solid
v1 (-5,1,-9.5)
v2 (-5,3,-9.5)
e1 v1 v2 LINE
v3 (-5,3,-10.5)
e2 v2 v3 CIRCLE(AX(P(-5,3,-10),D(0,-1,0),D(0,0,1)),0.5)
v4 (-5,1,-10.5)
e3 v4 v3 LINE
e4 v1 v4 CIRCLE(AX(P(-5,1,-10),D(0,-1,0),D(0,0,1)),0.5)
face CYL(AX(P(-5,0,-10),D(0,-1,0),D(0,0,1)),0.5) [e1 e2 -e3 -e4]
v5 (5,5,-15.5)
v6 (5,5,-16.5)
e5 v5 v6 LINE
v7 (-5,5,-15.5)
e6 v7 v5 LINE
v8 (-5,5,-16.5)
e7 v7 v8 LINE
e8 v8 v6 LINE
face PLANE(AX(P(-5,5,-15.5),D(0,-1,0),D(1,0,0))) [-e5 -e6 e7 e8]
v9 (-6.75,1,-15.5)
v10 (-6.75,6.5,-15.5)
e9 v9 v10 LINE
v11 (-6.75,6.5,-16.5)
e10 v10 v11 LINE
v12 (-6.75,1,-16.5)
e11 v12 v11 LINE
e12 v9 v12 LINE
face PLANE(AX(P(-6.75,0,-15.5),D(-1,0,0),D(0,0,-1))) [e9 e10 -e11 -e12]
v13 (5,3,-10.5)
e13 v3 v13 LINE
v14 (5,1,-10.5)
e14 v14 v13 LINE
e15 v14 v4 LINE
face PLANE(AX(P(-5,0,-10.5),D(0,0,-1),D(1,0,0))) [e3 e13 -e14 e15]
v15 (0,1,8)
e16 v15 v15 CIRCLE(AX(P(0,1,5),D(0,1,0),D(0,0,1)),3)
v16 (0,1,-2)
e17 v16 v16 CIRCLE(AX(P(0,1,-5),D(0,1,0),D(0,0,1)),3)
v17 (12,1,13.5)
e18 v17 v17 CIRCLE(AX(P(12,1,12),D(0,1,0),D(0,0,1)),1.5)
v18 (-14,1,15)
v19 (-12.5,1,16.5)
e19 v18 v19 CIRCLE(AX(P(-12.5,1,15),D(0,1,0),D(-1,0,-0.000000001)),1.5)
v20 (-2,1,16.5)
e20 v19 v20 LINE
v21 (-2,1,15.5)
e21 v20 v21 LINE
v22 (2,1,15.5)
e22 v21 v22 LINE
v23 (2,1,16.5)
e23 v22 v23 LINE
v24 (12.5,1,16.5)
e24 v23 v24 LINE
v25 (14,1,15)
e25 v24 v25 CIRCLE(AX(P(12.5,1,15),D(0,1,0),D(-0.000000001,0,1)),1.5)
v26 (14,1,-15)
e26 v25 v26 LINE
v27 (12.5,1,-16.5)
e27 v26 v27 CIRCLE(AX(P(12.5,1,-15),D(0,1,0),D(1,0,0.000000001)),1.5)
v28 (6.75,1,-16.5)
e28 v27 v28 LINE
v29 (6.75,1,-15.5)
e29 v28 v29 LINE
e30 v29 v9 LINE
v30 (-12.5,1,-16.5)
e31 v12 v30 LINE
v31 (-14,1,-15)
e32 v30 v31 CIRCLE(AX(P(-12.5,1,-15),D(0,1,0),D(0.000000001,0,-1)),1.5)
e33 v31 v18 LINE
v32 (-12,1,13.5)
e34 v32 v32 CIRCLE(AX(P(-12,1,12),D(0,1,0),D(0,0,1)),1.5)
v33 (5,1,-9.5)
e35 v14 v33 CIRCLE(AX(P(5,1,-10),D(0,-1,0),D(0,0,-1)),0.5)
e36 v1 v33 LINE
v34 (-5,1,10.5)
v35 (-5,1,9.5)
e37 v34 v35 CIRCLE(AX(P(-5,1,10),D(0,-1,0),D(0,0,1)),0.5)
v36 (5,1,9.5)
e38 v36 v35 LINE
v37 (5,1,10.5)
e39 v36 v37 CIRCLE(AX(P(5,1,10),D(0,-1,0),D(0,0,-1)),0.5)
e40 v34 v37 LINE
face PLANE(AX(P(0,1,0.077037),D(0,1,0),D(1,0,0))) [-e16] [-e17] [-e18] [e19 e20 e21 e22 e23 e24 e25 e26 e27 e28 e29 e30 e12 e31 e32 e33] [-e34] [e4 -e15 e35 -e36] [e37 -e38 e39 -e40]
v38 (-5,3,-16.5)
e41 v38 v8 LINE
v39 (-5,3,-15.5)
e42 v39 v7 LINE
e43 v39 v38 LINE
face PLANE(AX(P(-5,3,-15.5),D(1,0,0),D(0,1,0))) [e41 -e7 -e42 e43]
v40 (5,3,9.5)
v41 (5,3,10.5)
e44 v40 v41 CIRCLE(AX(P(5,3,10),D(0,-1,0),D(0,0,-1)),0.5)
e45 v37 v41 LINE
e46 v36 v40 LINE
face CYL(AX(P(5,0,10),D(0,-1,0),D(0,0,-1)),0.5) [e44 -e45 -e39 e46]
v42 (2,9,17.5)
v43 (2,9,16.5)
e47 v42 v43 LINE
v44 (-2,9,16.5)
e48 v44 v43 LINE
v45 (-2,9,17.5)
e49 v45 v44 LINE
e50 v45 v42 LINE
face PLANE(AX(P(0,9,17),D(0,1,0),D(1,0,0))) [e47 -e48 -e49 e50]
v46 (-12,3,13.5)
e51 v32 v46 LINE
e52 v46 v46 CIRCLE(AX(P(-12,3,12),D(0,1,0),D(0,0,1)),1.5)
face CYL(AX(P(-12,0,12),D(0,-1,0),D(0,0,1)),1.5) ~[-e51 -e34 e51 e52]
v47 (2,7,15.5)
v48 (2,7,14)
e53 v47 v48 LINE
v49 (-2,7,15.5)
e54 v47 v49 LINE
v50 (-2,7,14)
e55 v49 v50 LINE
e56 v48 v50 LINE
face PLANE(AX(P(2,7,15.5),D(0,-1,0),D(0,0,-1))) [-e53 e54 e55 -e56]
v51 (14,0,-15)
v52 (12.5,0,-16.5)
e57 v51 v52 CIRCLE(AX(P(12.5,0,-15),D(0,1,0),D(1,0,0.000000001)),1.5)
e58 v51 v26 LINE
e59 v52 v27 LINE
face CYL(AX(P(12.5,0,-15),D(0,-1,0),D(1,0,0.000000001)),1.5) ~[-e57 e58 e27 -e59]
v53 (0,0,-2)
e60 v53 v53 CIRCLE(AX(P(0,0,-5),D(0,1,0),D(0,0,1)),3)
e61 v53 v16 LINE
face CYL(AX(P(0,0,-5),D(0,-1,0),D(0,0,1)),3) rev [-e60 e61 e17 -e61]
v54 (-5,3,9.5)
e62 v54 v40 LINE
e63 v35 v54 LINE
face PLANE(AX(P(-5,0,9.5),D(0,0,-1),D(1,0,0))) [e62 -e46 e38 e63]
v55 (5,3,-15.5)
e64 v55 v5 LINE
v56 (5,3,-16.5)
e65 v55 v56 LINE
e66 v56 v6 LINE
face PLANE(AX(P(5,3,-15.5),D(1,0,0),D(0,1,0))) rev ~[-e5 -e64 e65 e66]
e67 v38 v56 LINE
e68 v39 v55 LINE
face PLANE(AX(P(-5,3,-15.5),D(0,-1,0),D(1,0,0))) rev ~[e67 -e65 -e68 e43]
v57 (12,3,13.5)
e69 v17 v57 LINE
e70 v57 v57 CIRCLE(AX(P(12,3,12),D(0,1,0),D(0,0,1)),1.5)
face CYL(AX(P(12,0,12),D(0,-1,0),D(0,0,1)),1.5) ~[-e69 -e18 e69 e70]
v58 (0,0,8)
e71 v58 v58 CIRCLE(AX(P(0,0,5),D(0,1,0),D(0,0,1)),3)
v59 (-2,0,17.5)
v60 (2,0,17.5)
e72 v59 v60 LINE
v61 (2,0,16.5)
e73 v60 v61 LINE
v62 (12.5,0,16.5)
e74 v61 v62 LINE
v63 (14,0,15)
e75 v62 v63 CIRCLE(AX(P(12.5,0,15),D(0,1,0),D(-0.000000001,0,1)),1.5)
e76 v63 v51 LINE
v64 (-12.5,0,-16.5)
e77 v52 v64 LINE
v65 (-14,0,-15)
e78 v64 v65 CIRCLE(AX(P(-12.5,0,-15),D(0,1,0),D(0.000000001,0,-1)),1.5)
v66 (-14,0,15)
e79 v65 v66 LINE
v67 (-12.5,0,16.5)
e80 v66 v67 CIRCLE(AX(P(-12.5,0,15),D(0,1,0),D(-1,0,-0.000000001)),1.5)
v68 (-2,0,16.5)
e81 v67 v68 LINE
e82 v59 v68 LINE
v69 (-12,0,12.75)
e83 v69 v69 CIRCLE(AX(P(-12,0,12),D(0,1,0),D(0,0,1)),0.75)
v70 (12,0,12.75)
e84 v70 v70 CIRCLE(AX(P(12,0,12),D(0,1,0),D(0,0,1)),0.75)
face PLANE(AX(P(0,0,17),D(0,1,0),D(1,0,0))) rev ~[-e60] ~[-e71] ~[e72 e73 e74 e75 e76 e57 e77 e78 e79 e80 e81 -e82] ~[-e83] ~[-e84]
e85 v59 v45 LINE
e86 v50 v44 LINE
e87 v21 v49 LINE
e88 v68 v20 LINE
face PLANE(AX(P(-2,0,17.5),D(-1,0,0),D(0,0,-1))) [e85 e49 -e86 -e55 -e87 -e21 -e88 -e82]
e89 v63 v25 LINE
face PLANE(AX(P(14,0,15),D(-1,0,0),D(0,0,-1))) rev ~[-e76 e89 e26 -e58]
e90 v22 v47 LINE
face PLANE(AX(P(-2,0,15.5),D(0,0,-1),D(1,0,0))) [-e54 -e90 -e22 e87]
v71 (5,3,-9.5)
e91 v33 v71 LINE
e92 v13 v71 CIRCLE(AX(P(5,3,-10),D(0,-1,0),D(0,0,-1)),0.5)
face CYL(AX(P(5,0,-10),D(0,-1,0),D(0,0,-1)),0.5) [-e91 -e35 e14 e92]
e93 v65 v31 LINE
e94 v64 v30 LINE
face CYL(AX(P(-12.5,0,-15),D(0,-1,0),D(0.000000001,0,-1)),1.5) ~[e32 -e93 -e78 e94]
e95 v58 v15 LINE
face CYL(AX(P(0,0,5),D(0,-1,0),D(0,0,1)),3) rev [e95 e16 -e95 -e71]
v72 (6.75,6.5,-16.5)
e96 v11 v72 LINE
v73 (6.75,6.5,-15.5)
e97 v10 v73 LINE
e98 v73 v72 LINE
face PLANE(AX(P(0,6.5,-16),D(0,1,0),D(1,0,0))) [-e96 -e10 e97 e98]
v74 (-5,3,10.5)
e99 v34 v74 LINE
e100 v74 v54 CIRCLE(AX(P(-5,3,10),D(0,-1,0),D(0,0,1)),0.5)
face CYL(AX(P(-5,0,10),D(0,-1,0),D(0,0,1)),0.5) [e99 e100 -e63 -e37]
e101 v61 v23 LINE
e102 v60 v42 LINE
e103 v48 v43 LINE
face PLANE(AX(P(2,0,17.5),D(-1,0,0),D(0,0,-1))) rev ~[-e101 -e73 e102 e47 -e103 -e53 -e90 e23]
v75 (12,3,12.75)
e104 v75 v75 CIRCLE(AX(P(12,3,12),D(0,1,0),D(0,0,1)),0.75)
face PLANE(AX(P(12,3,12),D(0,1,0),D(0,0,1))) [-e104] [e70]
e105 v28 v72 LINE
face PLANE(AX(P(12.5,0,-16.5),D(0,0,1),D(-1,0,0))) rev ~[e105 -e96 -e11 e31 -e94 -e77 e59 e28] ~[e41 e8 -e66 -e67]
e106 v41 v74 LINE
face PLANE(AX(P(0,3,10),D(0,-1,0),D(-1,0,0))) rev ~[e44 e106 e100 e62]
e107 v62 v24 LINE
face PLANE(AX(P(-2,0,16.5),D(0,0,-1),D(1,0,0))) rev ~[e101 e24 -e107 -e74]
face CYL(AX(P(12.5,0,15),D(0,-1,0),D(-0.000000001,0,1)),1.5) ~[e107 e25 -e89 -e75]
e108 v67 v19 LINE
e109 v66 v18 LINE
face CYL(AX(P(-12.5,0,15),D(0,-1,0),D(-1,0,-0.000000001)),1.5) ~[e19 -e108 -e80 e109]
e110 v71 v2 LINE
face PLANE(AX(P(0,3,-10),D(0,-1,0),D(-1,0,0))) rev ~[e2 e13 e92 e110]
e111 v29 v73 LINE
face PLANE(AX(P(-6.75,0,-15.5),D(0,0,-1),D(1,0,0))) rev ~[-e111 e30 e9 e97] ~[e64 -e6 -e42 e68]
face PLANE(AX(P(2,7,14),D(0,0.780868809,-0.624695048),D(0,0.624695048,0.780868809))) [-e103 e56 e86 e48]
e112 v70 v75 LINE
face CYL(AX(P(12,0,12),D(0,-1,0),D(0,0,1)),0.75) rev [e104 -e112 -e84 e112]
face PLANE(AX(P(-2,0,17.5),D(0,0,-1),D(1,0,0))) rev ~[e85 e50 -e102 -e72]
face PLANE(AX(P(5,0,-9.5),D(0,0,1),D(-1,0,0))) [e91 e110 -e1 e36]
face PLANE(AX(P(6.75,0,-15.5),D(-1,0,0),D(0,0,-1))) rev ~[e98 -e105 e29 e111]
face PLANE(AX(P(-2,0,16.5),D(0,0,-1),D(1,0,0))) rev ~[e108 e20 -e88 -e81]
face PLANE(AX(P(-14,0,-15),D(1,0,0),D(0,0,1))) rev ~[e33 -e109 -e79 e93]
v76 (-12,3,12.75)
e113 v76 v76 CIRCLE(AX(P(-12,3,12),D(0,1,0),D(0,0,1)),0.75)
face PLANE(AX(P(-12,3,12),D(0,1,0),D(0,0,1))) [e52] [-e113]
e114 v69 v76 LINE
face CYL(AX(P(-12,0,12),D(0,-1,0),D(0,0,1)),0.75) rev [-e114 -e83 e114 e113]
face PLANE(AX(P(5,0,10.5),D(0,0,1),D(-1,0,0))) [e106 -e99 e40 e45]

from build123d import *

# Parameters (mm, degrees)
BASE_4_R              = 1.5
BASE_4_R_2            = 0.75
BOSS_EXTRUDE5_DEPTH   = 3
BOSS_EXTRUDE5_2_DEPTH = 3
BASE_W                = 13.5
BASE_H                = 1
BOSS_EXTRUDE7_DEPTH   = 6.5
BASE_7_R              = 1.5
BASE_7_R_2            = 3
BOSS_EXTRUDE8_DEPTH   = 1
BOSS_EXTRUDE9_DEPTH   = 3
SLIT_W                = 10
SLIT_H                = 2
CUT_EXTRUDE2_DEPTH    = 6.5
BASE_13_W             = 4
BASE_13_H             = 1
BOSS_EXTRUDE12_DEPTH  = 9
BOSS_EXTRUDE13_DEPTH  = 4
CUT_EXTRUDE3_DEPTH    = 4
BASE_14_W             = 4
BASE_14_H             = 1
BOSS_EXTRUDE14_DEPTH  = 9


with BuildPart() as part:
    # Base<4> → Boss-Extrude5 (new body)
    with BuildSketch(Plane(origin=(0, 0, 0), x_dir=(1, 0, 0), z_dir=(0, 1, 0))):
        with Locations((-12, -12)):
            Circle(BASE_4_R)
        with Locations((-12, -12)):
            Circle(BASE_4_R_2, mode=Mode.SUBTRACT)
    extrude(amount=BOSS_EXTRUDE5_DEPTH)



with BuildPart() as body_2:
    # Base<4> → Boss-Extrude5 2 (new body)
    with BuildSketch(Plane(origin=(0, 0, 0), x_dir=(1, 0, 0), z_dir=(0, 1, 0))):
        with Locations((12, -12)):
            Circle(BASE_4_R)
        with Locations((12, -12)):
            Circle(BASE_4_R_2, mode=Mode.SUBTRACT)
    extrude(amount=BOSS_EXTRUDE5_2_DEPTH)


with BuildPart() as body_3:
    # Base → Boss-Extrude7 (new body)
    with BuildSketch(Plane(origin=(0, 0, 0), x_dir=(1, 0, 0), z_dir=(0, 1, 0))):
        with Locations((0, 16)):
            Rectangle(BASE_W, BASE_H)
    extrude(amount=BOSS_EXTRUDE7_DEPTH)


with BuildPart() as part_1:
    add(part.part)

    add(body_2.part)  # Boss-Extrude8 merges body 2

    add(body_3.part)  # Boss-Extrude8 merges body 3
    # Base<7> → Boss-Extrude8 (add)
    with BuildSketch(Plane(origin=(0, 0, 0), x_dir=(1, 0, 0), z_dir=(0, 1, 0))):
        with BuildLine():
            ThreePointArc((14, 15), (13.560660172, 16.060660172), (12.5, 16.5))
            Line((12.5, 16.5), (6.75, 16.5))
            Line((6.75, 16.5), (6.75, 15.5))
            Line((6.75, 15.5), (-6.75, 15.5))
            Line((-6.75, 15.5), (-6.75, 16.5))
            Line((-6.75, 16.5), (-12.5, 16.5))
            ThreePointArc((-12.5, 16.5), (-13.560660172, 16.060660172), (-14, 15))
            Line((-14, 15), (-14, -15))
            ThreePointArc((-14, -15), (-13.560660172, -16.060660172), (-12.5, -16.5))
            Line((-12.5, -16.5), (-2, -16.5))
            Line((-2, -16.5), (-2, -15.5))
            Line((-2, -15.5), (2, -15.5))
            Line((2, -15.5), (2, -16.5))
            Line((2, -16.5), (12.5, -16.5))
            ThreePointArc((12.5, -16.5), (13.560660172, -16.060660172), (14, -15))
            Line((14, -15), (14, 15))
        make_face()
        with Locations((-12, -12)):
            Circle(BASE_7_R, mode=Mode.SUBTRACT)
        with Locations((0, -5)):
            Circle(BASE_7_R_2, mode=Mode.SUBTRACT)
        with Locations((12, -12)):
            Circle(BASE_7_R, mode=Mode.SUBTRACT)
        with Locations((0, 5)):
            Circle(BASE_7_R_2, mode=Mode.SUBTRACT)
    extrude(amount=BOSS_EXTRUDE8_DEPTH)

    # Base<8> → Boss-Extrude9 (add)
    with BuildSketch(Plane(origin=(0, 0, 0), x_dir=(1, 0, 0), z_dir=(0, 1, 0))):
        with BuildLine():
            Line((-5, -9.5), (5, -9.5))
            ThreePointArc((5, -9.5), (5.5, -10), (5, -10.5))
            Line((5, -10.5), (-5, -10.5))
            ThreePointArc((-5, -10.5), (-5.5, -10), (-5, -9.5))
        make_face()
        with BuildLine():
            Line((-5, 10.5), (5, 10.5))
            ThreePointArc((5, 10.5), (5.5, 10), (5, 9.5))
            Line((5, 9.5), (-5, 9.5))
            ThreePointArc((-5, 9.5), (-5.5, 10), (-5, 10.5))
        make_face()
    extrude(amount=BOSS_EXTRUDE9_DEPTH)

    # slit → Cut-Extrude2 (cut)
    with BuildSketch(Plane.XY.offset(-15.5)):
        with Locations((0, 4)):
            Rectangle(SLIT_W, SLIT_H)
    extrude(amount=-CUT_EXTRUDE2_DEPTH, mode=Mode.SUBTRACT)

    # Base<13> → Boss-Extrude12 (add)
    with BuildSketch(Plane(origin=(0, 0, 0), x_dir=(1, 0, 0), z_dir=(0, 1, 0))):
        with Locations((0, -16)):
            Rectangle(BASE_13_W, BASE_13_H)
    extrude(amount=BOSS_EXTRUDE12_DEPTH)

    # Sketch3 → Boss-Extrude13 (add)
    with BuildSketch(Plane(origin=(2, 0, 0), x_dir=(0, 0, -1), z_dir=(1, 0, 0))):
        Polygon((-15.5, 7), (-14, 7), (-15.5, 9), align=None)
    extrude(amount=-BOSS_EXTRUDE13_DEPTH)

    # Sketch4 → Cut-Extrude3 (cut)
    with BuildSketch(Plane(origin=(2, 0, 0), x_dir=(0, 0, -1), z_dir=(1, 0, 0))):
        Polygon((-14, 7), (-16.5, 9), (-13.837162957, 9), align=None)
    extrude(amount=-CUT_EXTRUDE3_DEPTH, mode=Mode.SUBTRACT)

    # Base<14> → Boss-Extrude14 (add)
    with BuildSketch(Plane(origin=(0, 0, 0), x_dir=(1, 0, 0), z_dir=(0, 1, 0))):
        with Locations((0, -17)):
            Rectangle(BASE_14_W, BASE_14_H)
    extrude(amount=BOSS_EXTRUDE14_DEPTH)


solid = part_1.part
